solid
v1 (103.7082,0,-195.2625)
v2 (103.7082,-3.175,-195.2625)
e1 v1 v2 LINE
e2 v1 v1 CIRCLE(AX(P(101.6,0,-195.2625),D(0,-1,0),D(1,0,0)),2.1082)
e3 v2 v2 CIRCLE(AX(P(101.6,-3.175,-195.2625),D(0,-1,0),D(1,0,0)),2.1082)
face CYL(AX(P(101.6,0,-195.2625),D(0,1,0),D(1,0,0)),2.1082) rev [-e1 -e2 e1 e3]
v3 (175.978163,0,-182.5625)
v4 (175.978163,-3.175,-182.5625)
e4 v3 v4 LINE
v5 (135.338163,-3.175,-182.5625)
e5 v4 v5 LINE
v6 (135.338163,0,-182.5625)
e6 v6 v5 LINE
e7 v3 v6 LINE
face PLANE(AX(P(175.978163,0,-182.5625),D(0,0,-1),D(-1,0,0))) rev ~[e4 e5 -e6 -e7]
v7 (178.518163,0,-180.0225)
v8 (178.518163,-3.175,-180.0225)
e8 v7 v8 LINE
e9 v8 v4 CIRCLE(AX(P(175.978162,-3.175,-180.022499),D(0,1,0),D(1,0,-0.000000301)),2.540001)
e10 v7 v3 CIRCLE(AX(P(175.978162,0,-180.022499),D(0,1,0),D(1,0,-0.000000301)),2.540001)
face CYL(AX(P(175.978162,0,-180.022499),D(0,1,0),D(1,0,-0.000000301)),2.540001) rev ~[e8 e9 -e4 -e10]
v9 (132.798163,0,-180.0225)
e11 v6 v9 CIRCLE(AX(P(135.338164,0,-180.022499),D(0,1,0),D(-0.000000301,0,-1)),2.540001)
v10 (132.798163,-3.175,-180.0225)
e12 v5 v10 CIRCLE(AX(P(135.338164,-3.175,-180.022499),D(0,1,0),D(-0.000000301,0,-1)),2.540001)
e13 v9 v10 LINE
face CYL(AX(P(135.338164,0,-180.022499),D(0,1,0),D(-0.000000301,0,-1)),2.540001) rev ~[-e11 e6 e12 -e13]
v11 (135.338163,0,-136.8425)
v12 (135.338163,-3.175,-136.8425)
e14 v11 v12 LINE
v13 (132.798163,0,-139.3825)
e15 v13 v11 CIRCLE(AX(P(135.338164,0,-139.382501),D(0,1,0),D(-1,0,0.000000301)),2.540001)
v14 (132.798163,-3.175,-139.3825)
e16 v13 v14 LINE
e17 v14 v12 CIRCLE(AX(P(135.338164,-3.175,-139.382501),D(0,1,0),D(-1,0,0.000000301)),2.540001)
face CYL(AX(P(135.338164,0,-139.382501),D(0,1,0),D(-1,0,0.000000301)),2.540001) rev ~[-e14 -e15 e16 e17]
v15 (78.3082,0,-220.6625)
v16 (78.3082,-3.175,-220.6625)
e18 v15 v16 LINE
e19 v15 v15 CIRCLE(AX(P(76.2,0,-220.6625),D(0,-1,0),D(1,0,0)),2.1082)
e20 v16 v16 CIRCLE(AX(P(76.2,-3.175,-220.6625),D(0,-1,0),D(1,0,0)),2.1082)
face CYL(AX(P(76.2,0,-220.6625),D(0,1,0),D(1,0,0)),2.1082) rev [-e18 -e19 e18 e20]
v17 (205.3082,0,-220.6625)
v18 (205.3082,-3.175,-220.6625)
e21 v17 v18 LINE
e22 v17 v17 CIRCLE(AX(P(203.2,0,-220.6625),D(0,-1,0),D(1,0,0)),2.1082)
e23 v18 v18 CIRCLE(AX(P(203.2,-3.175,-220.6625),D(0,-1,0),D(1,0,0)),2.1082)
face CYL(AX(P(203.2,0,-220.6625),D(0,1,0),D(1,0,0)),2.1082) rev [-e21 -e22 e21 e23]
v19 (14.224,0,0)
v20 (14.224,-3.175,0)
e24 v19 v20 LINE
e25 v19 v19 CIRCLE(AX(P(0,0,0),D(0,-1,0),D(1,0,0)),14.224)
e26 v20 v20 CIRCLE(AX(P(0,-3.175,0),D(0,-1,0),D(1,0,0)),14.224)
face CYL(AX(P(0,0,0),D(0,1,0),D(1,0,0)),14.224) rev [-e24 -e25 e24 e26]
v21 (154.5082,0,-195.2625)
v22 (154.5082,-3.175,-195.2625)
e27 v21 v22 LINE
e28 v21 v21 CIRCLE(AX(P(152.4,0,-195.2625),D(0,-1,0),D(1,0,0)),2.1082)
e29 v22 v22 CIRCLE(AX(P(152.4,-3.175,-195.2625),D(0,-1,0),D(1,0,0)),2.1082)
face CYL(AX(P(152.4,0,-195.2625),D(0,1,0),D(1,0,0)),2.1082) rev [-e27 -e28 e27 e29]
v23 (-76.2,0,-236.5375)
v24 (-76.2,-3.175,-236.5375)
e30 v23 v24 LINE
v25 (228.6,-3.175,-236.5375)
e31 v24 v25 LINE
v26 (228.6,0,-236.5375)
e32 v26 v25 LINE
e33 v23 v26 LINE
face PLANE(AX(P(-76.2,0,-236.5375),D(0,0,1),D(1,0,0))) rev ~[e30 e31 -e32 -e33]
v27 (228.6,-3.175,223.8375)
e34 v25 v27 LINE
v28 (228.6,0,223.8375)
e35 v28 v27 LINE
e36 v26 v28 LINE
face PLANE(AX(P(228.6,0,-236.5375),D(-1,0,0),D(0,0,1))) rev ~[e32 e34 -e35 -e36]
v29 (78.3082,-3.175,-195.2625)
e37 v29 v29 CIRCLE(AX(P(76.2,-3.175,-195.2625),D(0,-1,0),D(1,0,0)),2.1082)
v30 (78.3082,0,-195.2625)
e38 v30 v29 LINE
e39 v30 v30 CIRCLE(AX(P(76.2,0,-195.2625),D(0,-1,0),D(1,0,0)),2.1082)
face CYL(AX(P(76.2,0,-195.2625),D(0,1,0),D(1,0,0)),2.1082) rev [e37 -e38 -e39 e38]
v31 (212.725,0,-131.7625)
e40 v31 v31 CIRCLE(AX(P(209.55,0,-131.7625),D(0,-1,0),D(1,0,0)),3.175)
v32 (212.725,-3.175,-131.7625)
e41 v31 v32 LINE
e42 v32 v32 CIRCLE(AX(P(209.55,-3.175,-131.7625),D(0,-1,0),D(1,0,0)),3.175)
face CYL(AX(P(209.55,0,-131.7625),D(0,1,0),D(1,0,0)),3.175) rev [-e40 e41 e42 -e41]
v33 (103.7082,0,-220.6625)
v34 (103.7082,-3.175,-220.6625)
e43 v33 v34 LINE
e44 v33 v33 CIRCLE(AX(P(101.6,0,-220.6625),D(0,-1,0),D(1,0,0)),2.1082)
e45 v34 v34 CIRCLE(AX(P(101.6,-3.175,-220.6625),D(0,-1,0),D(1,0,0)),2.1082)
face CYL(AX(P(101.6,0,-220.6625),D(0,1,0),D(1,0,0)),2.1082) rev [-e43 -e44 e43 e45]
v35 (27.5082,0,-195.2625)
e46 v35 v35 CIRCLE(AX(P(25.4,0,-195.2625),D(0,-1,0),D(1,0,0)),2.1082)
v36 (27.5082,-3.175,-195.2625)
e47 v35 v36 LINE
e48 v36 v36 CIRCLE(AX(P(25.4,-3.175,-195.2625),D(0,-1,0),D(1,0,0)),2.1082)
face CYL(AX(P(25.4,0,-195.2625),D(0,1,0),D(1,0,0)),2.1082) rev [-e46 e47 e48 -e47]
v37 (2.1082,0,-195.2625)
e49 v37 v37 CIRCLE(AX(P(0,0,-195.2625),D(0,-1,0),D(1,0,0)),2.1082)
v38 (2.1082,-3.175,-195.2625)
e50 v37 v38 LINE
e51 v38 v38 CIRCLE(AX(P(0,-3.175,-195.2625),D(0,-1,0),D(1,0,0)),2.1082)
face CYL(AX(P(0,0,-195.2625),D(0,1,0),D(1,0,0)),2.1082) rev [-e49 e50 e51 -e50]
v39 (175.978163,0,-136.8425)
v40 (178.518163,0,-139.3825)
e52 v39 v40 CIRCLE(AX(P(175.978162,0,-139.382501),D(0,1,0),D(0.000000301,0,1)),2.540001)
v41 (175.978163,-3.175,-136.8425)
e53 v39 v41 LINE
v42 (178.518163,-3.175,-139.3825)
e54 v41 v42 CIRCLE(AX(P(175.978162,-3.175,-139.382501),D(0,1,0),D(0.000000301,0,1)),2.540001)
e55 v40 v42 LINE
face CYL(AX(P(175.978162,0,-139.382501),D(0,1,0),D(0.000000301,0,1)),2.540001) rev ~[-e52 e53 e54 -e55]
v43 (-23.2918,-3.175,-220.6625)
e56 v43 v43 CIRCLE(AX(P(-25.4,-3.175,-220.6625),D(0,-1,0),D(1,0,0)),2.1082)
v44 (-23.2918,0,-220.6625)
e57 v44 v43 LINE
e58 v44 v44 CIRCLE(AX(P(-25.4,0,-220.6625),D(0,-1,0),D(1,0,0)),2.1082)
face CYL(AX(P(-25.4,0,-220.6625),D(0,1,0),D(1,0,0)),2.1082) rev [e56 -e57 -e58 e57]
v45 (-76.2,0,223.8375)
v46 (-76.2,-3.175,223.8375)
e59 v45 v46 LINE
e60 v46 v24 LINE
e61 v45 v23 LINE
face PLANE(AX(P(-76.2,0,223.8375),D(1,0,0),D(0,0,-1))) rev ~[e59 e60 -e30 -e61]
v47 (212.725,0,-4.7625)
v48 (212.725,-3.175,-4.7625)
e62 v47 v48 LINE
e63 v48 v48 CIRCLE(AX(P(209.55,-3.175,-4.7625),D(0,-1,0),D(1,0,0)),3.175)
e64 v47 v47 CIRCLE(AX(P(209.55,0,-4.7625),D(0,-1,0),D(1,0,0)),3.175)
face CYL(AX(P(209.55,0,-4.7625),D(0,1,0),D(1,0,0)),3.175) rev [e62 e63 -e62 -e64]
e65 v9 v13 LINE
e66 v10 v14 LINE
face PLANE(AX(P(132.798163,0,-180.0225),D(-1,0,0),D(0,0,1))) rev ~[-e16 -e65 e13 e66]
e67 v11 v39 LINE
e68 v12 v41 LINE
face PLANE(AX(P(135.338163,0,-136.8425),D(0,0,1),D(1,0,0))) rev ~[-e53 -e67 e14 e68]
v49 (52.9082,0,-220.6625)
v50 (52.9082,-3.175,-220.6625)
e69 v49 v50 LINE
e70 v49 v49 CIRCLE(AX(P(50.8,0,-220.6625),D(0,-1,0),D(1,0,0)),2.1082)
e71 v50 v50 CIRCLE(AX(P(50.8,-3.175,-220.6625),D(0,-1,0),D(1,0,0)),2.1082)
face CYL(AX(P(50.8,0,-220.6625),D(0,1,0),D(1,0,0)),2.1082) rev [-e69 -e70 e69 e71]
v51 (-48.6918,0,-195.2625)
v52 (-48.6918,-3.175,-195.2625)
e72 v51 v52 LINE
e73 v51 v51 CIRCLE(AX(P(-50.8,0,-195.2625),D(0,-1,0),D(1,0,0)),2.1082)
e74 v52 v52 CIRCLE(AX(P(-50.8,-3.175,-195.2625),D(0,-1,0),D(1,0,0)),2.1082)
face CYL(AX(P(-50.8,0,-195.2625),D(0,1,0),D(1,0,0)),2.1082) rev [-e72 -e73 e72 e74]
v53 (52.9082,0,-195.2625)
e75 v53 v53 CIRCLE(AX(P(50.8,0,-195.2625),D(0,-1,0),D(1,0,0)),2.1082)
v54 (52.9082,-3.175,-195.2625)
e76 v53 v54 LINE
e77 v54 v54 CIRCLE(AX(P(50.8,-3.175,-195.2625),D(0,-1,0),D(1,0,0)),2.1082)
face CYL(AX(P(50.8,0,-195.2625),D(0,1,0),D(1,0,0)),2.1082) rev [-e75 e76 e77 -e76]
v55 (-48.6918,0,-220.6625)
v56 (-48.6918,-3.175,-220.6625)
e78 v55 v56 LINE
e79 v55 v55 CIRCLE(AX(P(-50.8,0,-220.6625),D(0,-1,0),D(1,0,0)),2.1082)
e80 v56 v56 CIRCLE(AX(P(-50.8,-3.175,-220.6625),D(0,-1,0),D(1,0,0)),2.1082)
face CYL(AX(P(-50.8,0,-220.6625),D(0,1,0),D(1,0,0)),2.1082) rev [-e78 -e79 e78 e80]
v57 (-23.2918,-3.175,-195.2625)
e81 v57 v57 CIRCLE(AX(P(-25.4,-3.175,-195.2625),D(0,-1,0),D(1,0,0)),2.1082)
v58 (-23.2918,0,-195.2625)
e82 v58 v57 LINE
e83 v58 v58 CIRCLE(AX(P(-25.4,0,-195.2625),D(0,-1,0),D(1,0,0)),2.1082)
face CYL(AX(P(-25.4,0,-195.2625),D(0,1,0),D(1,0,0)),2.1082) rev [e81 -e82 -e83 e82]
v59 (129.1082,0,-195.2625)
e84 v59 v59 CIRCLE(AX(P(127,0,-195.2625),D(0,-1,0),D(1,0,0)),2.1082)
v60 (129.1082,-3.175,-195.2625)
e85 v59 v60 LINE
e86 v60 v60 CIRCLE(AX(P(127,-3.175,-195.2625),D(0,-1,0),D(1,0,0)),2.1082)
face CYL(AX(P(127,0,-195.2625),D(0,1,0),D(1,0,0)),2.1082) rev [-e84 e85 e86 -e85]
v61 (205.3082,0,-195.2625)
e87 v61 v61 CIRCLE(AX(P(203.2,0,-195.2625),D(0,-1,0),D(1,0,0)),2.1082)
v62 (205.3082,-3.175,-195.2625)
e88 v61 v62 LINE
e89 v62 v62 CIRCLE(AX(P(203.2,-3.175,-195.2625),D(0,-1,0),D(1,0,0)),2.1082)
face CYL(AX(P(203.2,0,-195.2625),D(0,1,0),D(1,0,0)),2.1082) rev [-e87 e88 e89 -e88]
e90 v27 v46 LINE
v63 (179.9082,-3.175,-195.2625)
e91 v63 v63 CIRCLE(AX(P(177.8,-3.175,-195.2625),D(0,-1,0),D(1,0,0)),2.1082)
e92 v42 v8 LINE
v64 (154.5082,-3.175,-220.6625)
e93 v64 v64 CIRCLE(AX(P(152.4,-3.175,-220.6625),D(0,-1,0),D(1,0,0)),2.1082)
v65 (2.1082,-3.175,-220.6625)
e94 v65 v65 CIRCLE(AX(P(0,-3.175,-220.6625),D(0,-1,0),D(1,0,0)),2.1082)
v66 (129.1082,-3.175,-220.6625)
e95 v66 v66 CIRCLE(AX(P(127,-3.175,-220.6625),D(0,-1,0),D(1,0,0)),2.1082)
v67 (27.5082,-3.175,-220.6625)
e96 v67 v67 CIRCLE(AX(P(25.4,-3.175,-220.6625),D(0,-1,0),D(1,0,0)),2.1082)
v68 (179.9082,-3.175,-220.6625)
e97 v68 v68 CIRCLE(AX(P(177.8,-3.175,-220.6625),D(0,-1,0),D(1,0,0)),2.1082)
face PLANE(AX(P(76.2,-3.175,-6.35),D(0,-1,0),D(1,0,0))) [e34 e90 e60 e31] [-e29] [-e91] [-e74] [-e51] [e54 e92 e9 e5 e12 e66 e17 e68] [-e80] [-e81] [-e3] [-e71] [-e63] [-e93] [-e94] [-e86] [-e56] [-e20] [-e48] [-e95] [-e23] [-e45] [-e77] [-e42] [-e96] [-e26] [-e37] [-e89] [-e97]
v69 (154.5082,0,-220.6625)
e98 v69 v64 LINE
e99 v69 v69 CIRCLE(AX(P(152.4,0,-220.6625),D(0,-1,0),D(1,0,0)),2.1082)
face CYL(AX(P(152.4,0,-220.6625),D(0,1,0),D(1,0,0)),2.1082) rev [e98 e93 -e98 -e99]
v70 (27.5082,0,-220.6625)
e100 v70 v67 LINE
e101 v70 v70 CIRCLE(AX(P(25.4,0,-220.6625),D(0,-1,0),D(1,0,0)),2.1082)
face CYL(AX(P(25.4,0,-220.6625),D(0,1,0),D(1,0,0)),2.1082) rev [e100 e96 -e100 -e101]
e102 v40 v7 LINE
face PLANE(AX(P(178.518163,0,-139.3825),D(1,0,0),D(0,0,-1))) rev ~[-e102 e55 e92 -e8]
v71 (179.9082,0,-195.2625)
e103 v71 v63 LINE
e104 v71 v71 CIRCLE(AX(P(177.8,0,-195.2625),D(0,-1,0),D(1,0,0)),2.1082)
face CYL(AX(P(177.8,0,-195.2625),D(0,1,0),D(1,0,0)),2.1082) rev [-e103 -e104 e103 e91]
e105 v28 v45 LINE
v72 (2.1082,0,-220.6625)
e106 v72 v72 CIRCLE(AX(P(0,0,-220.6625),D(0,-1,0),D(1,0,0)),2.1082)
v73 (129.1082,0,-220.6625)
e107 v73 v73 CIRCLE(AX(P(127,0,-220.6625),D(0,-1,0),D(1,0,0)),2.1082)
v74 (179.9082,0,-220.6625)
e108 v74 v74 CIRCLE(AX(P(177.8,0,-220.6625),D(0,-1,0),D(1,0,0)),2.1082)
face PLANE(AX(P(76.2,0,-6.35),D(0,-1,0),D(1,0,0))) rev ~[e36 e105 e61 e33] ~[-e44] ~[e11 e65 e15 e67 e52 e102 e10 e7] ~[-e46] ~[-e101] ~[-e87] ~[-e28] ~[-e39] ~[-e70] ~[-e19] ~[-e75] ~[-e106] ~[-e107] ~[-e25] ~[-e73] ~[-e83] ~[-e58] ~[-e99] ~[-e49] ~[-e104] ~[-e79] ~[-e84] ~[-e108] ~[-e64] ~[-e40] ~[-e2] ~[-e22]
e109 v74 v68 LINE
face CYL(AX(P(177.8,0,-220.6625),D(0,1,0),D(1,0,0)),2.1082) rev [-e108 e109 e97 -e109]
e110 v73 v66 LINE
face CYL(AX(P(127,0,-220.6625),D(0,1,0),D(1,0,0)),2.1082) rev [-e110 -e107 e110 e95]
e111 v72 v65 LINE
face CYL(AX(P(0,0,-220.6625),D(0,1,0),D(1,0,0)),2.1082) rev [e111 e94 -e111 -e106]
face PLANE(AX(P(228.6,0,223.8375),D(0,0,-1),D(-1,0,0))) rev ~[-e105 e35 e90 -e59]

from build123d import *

# Parameters (mm, degrees)
F1_R     = 2.1082
F1_R_2   = 3.175
F1_R_3   = 14.224
F2_DEPTH = 3.175


with BuildPart() as f2:
    # F1 (on Front) → F2 (new body)
    with BuildSketch(Plane.XZ):
        Polygon((228.6, -182.5625), (228.6, 223.8375), (-76.2, 223.8375), (-76.2, -182.5625), (-76.2, -236.5375), (228.6, -236.5375), align=None)
        with Locations((-50.8, -220.6625)):
            Circle(F1_R, mode=Mode.SUBTRACT)
        with Locations((-50.8, -195.2625)):
            Circle(F1_R, mode=Mode.SUBTRACT)
        with Locations((-25.4, -220.6625)):
            Circle(F1_R, mode=Mode.SUBTRACT)
        with Locations((-25.4, -195.2625)):
            Circle(F1_R, mode=Mode.SUBTRACT)
        with Locations((0, -220.6625)):
            Circle(F1_R, mode=Mode.SUBTRACT)
        with Locations((25.4, -220.6625)):
            Circle(F1_R, mode=Mode.SUBTRACT)
        with Locations((0, -195.2625)):
            Circle(F1_R, mode=Mode.SUBTRACT)
        with Locations((25.4, -195.2625)):
            Circle(F1_R, mode=Mode.SUBTRACT)
        with Locations((50.8, -220.6625)):
            Circle(F1_R, mode=Mode.SUBTRACT)
        with Locations((50.8, -195.2625)):
            Circle(F1_R, mode=Mode.SUBTRACT)
        with Locations((76.2, -220.6625)):
            Circle(F1_R, mode=Mode.SUBTRACT)
        with Locations((101.6, -220.6625)):
            Circle(F1_R, mode=Mode.SUBTRACT)
        with Locations((76.2, -195.2625)):
            Circle(F1_R, mode=Mode.SUBTRACT)
        with Locations((101.6, -195.2625)):
            Circle(F1_R, mode=Mode.SUBTRACT)
        with Locations((127, -220.6625)):
            Circle(F1_R, mode=Mode.SUBTRACT)
        with Locations((152.4, -220.6625)):
            Circle(F1_R, mode=Mode.SUBTRACT)
        with Locations((127, -195.2625)):
            Circle(F1_R, mode=Mode.SUBTRACT)
        with Locations((152.4, -195.2625)):
            Circle(F1_R, mode=Mode.SUBTRACT)
        with Locations((177.8, -220.6625)):
            Circle(F1_R, mode=Mode.SUBTRACT)
        with Locations((177.8, -195.2625)):
            Circle(F1_R, mode=Mode.SUBTRACT)
        with Locations((203.2, -220.6625)):
            Circle(F1_R, mode=Mode.SUBTRACT)
        with Locations((203.2, -195.2625)):
            Circle(F1_R, mode=Mode.SUBTRACT)
        with BuildLine():
            Line((135.338163, -136.8425), (175.978163, -136.8425))
            ThreePointArc((175.978163, -136.8425), (177.774214, -137.586449), (178.518163, -139.3825))
            Line((178.518163, -139.3825), (178.518163, -180.0225))
            ThreePointArc((178.518163, -180.0225), (177.774214, -181.818551), (175.978163, -182.5625))
            Line((175.978163, -182.5625), (135.338163, -182.5625))
            ThreePointArc((135.338163, -182.5625), (133.542112, -181.818551), (132.798163, -180.0225))
            Line((132.798163, -180.0225), (132.798163, -139.3825))
            ThreePointArc((132.798163, -139.3825), (133.542112, -137.586449), (135.338163, -136.8425))
        make_face(mode=Mode.SUBTRACT)
        with Locations((209.55, -131.7625)):
            Circle(F1_R_2, mode=Mode.SUBTRACT)
        Circle(F1_R_3, mode=Mode.SUBTRACT)
        with Locations((209.55, -4.7625)):
            Circle(F1_R_2, mode=Mode.SUBTRACT)
    extrude(amount=F2_DEPTH)


solid = f2.part
